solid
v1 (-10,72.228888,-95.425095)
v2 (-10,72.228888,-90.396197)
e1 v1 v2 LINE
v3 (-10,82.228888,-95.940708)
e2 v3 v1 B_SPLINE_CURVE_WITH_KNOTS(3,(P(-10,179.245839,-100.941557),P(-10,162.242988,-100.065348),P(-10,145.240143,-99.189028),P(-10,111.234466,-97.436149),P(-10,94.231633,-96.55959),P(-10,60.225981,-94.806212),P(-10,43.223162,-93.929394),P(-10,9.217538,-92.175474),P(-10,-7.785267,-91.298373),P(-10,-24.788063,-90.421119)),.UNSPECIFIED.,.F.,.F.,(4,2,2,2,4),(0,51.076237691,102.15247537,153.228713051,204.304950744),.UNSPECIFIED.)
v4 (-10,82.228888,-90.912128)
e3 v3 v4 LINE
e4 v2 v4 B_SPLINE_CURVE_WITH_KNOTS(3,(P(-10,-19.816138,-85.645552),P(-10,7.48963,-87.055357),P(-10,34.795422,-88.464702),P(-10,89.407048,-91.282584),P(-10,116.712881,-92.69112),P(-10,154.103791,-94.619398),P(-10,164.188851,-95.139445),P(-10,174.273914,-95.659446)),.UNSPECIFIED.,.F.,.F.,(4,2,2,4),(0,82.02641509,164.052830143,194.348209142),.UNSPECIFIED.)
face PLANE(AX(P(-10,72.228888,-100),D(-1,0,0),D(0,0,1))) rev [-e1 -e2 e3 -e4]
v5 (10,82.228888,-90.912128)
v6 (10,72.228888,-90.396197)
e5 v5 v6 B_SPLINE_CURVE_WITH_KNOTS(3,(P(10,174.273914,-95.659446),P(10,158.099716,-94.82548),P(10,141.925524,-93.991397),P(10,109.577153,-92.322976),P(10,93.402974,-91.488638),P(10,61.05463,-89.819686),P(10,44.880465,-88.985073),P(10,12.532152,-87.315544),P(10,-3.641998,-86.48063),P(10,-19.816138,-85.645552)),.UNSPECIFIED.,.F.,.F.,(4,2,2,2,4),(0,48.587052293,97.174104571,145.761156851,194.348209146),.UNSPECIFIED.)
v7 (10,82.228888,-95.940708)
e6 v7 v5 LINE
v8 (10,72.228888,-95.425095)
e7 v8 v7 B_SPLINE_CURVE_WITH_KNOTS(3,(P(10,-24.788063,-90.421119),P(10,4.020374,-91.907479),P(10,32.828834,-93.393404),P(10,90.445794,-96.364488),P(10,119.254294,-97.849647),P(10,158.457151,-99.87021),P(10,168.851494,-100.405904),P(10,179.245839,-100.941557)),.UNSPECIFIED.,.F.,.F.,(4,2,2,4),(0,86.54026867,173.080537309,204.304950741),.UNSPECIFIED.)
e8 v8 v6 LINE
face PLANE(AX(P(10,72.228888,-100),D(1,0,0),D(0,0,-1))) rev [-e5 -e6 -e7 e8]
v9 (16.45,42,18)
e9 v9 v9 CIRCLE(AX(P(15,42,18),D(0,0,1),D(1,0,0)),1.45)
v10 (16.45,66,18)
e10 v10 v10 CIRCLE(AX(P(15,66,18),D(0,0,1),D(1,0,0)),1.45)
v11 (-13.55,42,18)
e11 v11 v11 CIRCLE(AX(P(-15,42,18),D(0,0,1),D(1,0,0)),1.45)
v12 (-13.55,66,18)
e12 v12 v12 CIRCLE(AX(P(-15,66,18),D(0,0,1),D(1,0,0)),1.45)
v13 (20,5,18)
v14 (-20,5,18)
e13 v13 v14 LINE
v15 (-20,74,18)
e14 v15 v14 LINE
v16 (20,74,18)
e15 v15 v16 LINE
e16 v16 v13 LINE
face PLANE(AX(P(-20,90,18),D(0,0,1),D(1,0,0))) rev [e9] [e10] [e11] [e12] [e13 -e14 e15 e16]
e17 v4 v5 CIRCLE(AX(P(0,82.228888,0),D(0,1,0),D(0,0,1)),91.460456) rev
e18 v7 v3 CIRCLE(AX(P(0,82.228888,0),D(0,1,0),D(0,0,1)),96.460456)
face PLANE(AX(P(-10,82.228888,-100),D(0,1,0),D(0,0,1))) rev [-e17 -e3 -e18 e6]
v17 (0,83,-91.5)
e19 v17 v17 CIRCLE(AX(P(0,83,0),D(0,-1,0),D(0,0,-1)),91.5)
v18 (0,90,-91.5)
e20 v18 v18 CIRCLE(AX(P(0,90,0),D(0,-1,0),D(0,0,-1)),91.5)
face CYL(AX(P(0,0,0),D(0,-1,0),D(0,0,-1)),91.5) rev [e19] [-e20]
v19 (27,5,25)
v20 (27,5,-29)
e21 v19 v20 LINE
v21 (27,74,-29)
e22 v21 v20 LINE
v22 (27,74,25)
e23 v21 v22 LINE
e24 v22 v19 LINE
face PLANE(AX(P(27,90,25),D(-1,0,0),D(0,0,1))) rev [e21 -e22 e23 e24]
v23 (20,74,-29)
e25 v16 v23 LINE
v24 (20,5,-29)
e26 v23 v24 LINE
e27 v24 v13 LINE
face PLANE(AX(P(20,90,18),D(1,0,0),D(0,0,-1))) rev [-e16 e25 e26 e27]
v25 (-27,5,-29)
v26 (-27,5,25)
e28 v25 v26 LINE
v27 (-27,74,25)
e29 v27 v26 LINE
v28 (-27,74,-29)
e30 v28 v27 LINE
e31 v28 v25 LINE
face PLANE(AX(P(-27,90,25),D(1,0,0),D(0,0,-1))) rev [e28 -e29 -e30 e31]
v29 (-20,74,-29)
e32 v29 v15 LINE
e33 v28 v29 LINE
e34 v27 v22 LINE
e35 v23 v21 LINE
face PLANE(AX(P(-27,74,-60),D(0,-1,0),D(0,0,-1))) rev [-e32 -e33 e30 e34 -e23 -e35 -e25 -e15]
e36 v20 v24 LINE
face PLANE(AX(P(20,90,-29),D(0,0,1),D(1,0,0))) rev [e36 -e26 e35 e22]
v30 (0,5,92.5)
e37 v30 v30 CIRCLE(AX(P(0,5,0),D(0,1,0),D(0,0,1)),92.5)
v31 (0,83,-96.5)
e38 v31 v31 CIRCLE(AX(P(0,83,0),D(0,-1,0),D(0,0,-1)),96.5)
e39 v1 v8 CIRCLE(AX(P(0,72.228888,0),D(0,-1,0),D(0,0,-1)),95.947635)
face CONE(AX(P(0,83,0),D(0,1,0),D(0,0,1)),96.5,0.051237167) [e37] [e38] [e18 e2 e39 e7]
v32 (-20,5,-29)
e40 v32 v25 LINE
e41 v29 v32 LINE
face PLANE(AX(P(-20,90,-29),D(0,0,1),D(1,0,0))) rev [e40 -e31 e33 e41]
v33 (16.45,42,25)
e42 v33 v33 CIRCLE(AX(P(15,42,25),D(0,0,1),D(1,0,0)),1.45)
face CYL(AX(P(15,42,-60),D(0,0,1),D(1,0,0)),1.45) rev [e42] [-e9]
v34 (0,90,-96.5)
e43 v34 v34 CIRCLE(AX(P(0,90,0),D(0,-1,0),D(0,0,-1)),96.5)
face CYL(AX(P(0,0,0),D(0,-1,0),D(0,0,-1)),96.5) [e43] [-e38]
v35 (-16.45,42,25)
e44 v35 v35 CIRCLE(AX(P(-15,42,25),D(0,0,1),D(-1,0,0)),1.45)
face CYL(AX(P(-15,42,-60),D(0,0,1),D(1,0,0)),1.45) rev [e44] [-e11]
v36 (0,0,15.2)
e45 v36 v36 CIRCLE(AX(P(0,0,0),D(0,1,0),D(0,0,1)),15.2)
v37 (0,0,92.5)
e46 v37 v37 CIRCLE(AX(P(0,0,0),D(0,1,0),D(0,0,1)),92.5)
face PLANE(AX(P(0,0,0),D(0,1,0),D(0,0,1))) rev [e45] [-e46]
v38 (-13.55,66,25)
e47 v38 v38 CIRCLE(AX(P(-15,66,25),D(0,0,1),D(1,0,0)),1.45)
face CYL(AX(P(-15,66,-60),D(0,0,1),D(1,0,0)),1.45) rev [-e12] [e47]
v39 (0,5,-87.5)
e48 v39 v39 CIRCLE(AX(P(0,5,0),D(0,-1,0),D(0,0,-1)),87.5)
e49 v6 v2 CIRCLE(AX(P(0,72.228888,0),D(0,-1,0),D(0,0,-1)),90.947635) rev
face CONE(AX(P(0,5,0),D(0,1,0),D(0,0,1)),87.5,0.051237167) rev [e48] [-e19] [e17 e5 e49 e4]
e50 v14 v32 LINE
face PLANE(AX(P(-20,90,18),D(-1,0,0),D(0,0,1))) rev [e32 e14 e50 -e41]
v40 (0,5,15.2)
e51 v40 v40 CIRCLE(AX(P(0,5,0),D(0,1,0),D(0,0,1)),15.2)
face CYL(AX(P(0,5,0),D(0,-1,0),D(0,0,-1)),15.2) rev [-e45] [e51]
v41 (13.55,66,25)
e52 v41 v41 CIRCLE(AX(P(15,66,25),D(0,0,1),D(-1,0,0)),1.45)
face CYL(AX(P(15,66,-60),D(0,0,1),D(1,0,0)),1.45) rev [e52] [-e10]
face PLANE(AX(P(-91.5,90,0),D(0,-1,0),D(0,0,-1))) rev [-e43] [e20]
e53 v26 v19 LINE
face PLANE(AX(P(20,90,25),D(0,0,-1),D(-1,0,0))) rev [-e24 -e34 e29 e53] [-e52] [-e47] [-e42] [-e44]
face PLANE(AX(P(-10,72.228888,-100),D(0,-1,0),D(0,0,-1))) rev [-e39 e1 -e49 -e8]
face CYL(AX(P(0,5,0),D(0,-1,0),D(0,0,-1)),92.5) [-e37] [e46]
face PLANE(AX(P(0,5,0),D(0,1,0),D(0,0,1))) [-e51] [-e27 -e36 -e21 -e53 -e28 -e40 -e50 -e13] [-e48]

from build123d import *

# Parameters (mm, degrees)
SKETCH_1_R          = 92.5
SKETCH_1_R_2        = 15.2
EXTRUDE_1_DEPTH     = 5
SKETCH_8_W          = 5
SKETCH_8_H          = 7
EXTRUDE_2_DEPTH     = 85
SKETCH_11_R         = 1.45
CUT_EXTRUDE_1_DEPTH = 85
SKETCH_12_W         = 54
SKETCH_12_H         = 16
CUT_EXTRUDE_2_DEPTH = 85
SKETCH_14_W         = 20
SKETCH_14_H         = 10
CUT_EXTRUDE_3_DEPTH = 100


with BuildPart() as part:
    # 스케치1 → 보스-돌출1 (new body)
    with BuildSketch(Plane(origin=(0, 0, 0), x_dir=(1, 0, 0), z_dir=(0, 1, 0))):
        Circle(SKETCH_1_R)
        Circle(SKETCH_1_R_2, mode=Mode.SUBTRACT)
    extrude(amount=EXTRUDE_1_DEPTH)

    # 스케치5 → 회전1 (revolve)
    with BuildSketch(Plane.XY):
        Polygon((-92.5, 5), (-96.5, 83), (-91.5, 83), (-87.5, 5), align=None)
    revolve(axis=Axis((0, 0, 0), (0, 1, 0)))

    # 스케치8 → 회전3 (revolve)
    with BuildSketch(Plane.XY):
        with Locations((-94, 86.5)):
            Rectangle(SKETCH_8_W, SKETCH_8_H)
    revolve(axis=Axis((0, 0, 0), (0, 1, 0)))

    # 스케치9 → 보스-돌출2 (add)
    with BuildSketch(Plane(origin=(0, 5, 0), x_dir=(1, 0, 0), z_dir=(0, 1, 0))):
        Polygon((-20, -25), (20, -25), (27, -25), (27, 29), (20, 29), (20, -18), (-20, -18), (-20, 29), (-27, 29), (-27, -25), align=None)
    extrude(amount=EXTRUDE_2_DEPTH)

    # 스케치11 → 컷-돌출1 (cut)
    with BuildSketch(Plane.XY.offset(25)):
        with Locations((15, 42)):
            Circle(SKETCH_11_R)
        with Locations((-15, 42)):
            Circle(SKETCH_11_R)
        with Locations((-15, 66)):
            Circle(SKETCH_11_R)
        with Locations((15, 66)):
            Circle(SKETCH_11_R)
    extrude(amount=-CUT_EXTRUDE_1_DEPTH, mode=Mode.SUBTRACT)

    # 스케치12 → 컷-돌출2 (cut)
    with BuildSketch(Plane.XY.offset(25)):
        with Locations((0, 82)):
            Rectangle(SKETCH_12_W, SKETCH_12_H)
    extrude(amount=-CUT_EXTRUDE_2_DEPTH, mode=Mode.SUBTRACT)

    # 스케치14 → 컷-돌출3 (cut)
    with BuildSketch(Plane.XY):
        with Locations((0, 77.228887743)):
            Rectangle(SKETCH_14_W, SKETCH_14_H)
    extrude(amount=-CUT_EXTRUDE_3_DEPTH, mode=Mode.SUBTRACT)


solid = part.part
